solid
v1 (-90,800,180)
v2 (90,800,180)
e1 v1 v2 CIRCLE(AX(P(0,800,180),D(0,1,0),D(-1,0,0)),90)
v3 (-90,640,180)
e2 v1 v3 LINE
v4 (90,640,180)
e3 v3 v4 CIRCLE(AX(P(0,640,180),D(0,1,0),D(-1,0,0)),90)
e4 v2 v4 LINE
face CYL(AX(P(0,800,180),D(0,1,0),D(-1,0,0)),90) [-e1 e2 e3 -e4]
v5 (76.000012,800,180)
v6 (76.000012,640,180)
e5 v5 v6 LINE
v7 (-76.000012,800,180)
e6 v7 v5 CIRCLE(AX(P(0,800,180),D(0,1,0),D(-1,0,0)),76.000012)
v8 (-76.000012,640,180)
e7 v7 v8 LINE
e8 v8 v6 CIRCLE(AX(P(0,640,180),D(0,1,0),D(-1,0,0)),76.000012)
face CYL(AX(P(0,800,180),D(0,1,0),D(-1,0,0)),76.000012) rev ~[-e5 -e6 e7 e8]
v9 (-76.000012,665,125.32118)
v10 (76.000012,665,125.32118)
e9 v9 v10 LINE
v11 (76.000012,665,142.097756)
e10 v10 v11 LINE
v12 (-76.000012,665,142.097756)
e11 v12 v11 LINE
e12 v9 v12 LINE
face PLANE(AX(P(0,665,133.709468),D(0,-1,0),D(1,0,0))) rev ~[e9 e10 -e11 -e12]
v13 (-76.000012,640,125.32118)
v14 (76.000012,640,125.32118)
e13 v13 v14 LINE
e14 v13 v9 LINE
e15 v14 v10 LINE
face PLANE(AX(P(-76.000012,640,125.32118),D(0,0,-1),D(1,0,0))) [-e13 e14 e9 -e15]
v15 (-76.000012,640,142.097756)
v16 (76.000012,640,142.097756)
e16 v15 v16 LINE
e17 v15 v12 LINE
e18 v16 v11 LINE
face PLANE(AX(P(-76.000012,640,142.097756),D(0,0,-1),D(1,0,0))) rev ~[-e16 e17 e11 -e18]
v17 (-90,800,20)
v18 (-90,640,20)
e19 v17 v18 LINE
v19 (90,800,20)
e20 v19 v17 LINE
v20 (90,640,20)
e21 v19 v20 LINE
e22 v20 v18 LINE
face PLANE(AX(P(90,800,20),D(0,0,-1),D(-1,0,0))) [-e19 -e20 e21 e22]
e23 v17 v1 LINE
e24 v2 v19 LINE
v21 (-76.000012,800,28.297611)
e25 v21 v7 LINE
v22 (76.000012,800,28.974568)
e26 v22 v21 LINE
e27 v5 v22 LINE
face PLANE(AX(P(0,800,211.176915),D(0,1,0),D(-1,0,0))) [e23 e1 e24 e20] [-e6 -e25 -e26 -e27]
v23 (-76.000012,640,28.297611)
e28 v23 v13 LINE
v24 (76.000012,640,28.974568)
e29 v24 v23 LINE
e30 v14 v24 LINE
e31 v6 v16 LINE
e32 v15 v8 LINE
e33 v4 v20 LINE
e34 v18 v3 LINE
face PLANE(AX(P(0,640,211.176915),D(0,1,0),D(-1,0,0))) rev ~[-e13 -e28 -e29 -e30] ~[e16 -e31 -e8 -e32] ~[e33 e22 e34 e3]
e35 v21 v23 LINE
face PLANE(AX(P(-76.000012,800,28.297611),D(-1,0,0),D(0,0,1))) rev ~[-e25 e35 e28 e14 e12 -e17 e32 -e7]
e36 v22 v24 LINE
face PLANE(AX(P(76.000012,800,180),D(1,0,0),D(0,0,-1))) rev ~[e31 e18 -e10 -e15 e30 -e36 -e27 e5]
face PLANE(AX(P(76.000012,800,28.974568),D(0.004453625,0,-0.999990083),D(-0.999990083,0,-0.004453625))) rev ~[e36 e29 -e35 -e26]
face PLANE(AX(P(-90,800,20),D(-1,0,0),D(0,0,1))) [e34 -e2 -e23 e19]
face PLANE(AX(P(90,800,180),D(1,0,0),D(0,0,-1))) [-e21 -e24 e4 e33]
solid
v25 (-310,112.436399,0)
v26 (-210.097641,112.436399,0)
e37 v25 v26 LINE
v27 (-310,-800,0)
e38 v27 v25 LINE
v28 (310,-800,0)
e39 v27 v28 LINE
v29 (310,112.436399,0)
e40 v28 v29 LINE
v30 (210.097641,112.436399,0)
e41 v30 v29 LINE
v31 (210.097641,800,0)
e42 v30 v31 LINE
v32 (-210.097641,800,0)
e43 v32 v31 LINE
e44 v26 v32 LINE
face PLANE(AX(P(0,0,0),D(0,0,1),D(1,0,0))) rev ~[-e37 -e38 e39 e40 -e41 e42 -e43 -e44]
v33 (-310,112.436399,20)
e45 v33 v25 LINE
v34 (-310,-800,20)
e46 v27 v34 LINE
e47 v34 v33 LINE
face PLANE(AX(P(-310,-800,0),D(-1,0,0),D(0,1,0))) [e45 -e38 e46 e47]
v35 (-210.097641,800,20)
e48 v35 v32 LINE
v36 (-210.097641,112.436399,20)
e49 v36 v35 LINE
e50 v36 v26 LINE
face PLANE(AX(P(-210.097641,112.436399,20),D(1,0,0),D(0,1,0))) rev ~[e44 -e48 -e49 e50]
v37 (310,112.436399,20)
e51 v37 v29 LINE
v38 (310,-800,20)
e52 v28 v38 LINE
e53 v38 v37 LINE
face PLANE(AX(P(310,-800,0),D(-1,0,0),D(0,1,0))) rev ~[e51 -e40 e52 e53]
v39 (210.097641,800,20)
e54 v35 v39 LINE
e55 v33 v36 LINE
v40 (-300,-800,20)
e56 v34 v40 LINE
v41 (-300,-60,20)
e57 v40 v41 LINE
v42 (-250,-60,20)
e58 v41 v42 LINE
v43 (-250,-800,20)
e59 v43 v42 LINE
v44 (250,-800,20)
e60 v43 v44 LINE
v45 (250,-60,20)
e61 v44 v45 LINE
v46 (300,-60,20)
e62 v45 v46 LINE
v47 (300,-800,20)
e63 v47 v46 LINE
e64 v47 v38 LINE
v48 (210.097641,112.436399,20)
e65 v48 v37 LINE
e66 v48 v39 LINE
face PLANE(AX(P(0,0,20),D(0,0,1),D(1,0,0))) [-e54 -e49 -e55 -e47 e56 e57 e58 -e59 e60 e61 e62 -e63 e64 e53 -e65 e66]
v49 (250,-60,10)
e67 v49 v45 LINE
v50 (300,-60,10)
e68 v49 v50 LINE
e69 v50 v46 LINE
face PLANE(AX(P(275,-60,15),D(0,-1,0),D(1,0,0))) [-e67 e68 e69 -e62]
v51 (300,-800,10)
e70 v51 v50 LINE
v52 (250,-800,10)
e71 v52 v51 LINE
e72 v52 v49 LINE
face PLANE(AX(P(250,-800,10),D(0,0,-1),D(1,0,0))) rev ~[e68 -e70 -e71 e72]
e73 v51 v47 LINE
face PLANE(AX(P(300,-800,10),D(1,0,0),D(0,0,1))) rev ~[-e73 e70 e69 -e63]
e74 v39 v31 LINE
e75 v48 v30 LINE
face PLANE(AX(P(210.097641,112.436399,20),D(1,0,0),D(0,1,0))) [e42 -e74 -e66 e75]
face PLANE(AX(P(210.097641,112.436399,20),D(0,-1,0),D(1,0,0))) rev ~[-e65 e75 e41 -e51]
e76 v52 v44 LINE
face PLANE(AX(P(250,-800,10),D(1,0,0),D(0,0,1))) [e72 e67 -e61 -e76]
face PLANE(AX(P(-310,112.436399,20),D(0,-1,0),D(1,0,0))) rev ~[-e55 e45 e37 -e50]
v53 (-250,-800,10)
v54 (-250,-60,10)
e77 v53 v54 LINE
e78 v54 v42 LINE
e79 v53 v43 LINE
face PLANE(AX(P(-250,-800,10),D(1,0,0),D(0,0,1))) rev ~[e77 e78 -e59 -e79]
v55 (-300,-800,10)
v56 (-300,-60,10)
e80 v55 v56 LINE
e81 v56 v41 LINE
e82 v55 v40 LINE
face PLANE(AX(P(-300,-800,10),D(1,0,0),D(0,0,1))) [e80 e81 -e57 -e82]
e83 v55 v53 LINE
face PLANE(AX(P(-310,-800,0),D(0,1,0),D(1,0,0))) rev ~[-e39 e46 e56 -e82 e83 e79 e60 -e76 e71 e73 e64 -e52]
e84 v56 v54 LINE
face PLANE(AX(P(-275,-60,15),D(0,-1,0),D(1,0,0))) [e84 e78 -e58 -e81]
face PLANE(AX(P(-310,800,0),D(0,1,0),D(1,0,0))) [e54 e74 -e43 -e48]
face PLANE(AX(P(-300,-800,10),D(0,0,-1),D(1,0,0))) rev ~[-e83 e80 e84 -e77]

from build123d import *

# Parameters (mm, degrees)
F0_W      = 620
F0_H      = 1600
F1_DEPTH  = 20
F2_W      = 50
F2_H      = 10
F3_DEPTH  = 740
F4_W      = 99.9023592472
F4_H      = 687.5636011362
F5_DEPTH  = 20.001
F7_DEPTH  = 160
F9_DEPTH  = 160
F10_W     = 152.0000243187
F10_H     = 16.7765766382
F11_DEPTH = 25


with BuildPart() as f1:
    # F0 (on Top) → F1 (new body)
    with BuildSketch(Plane.XY):
        Rectangle(F0_W, F0_H)
    extrude(amount=F1_DEPTH)

    # F2 (on face) → F3 (cut)
    with BuildSketch(Plane.XZ.offset(800)):
        with Locations((-275, 15)):
            Rectangle(F2_W, F2_H)
        with Locations((275, 15)):
            Rectangle(F2_W, F2_H)
    extrude(amount=-F3_DEPTH, mode=Mode.SUBTRACT)

    # F4 (on face) → F5 (cut, through all)
    with BuildSketch(Plane.XY.offset(20)):
        with Locations((-260.0488203764, 456.2181994319)):
            Rectangle(F4_W, F4_H)
        with Locations((260.0488203764, 456.2181994319)):
            Rectangle(F4_W, F4_H)
    extrude(amount=-F5_DEPTH, mode=Mode.SUBTRACT)


with BuildPart() as f7:
    # F6 (on face) → F7 (new body)
    with BuildSketch(Plane(origin=(0, 800, 0), x_dir=(-1, 0, 0), z_dir=(0, 1, 0))):
        with BuildLine():
            Line((0, 180), (90, 180))
            ThreePointArc((90, 180), (0, 270), (-90, 180))
            Line((-90, 180), (0, 180))
        make_face()
        with BuildLine():
            Line((90, 20), (90, 180))
            ThreePointArc((90, 180), (63.6396103068, 116.3603896932), (0, 90))
            Line((0, 90), (0, 20))
            Line((0, 20), (90, 20))
        make_face()
        with BuildLine():
            ThreePointArc((0, 90), (63.6396103068, 116.3603896932), (90, 180))
            Line((90, 180), (0, 180))
            Line((0, 180), (0, 90))
        make_face()
        with BuildLine():
            Line((0, 180), (-90, 180))
            ThreePointArc((-90, 180), (-63.6396103068, 116.3603896932), (0, 90))
            Line((0, 90), (0, 180))
        make_face()
        with BuildLine():
            ThreePointArc((0, 90), (-63.6396103068, 116.3603896932), (-90, 180))
            Line((-90, 180), (-90, 20))
            Line((-90, 20), (0, 20))
            Line((0, 20), (0, 90))
        make_face()
    extrude(amount=-F7_DEPTH)

    # F8 (on face) → F9 (cut, through all)
    with BuildSketch(Plane(origin=(0, 800, 0), x_dir=(-1, 0, 0), z_dir=(0, 1, 0))):
        with BuildLine():
            Line((-76.0000121593, 180), (-76.0000121593, 28.9745684713))
            Line((-76.0000121593, 28.9745684713), (76.0000121593, 28.2976105809))
            Line((76.0000121593, 28.2976105809), (76.0000121593, 180))
            ThreePointArc((76.0000121593, 180), (0, 256.0000121593), (-76.0000121593, 180))
        make_face()
    extrude(amount=-F9_DEPTH, mode=Mode.SUBTRACT)

    # F10 (on face) → F11 (join)
    with BuildSketch(Plane.XZ.offset(-640)):
        with Locations((0, 133.7094679475)):
            Rectangle(F10_W, F10_H)
    extrude(amount=-F11_DEPTH)


solid = Compound([f1.part, f7.part])
